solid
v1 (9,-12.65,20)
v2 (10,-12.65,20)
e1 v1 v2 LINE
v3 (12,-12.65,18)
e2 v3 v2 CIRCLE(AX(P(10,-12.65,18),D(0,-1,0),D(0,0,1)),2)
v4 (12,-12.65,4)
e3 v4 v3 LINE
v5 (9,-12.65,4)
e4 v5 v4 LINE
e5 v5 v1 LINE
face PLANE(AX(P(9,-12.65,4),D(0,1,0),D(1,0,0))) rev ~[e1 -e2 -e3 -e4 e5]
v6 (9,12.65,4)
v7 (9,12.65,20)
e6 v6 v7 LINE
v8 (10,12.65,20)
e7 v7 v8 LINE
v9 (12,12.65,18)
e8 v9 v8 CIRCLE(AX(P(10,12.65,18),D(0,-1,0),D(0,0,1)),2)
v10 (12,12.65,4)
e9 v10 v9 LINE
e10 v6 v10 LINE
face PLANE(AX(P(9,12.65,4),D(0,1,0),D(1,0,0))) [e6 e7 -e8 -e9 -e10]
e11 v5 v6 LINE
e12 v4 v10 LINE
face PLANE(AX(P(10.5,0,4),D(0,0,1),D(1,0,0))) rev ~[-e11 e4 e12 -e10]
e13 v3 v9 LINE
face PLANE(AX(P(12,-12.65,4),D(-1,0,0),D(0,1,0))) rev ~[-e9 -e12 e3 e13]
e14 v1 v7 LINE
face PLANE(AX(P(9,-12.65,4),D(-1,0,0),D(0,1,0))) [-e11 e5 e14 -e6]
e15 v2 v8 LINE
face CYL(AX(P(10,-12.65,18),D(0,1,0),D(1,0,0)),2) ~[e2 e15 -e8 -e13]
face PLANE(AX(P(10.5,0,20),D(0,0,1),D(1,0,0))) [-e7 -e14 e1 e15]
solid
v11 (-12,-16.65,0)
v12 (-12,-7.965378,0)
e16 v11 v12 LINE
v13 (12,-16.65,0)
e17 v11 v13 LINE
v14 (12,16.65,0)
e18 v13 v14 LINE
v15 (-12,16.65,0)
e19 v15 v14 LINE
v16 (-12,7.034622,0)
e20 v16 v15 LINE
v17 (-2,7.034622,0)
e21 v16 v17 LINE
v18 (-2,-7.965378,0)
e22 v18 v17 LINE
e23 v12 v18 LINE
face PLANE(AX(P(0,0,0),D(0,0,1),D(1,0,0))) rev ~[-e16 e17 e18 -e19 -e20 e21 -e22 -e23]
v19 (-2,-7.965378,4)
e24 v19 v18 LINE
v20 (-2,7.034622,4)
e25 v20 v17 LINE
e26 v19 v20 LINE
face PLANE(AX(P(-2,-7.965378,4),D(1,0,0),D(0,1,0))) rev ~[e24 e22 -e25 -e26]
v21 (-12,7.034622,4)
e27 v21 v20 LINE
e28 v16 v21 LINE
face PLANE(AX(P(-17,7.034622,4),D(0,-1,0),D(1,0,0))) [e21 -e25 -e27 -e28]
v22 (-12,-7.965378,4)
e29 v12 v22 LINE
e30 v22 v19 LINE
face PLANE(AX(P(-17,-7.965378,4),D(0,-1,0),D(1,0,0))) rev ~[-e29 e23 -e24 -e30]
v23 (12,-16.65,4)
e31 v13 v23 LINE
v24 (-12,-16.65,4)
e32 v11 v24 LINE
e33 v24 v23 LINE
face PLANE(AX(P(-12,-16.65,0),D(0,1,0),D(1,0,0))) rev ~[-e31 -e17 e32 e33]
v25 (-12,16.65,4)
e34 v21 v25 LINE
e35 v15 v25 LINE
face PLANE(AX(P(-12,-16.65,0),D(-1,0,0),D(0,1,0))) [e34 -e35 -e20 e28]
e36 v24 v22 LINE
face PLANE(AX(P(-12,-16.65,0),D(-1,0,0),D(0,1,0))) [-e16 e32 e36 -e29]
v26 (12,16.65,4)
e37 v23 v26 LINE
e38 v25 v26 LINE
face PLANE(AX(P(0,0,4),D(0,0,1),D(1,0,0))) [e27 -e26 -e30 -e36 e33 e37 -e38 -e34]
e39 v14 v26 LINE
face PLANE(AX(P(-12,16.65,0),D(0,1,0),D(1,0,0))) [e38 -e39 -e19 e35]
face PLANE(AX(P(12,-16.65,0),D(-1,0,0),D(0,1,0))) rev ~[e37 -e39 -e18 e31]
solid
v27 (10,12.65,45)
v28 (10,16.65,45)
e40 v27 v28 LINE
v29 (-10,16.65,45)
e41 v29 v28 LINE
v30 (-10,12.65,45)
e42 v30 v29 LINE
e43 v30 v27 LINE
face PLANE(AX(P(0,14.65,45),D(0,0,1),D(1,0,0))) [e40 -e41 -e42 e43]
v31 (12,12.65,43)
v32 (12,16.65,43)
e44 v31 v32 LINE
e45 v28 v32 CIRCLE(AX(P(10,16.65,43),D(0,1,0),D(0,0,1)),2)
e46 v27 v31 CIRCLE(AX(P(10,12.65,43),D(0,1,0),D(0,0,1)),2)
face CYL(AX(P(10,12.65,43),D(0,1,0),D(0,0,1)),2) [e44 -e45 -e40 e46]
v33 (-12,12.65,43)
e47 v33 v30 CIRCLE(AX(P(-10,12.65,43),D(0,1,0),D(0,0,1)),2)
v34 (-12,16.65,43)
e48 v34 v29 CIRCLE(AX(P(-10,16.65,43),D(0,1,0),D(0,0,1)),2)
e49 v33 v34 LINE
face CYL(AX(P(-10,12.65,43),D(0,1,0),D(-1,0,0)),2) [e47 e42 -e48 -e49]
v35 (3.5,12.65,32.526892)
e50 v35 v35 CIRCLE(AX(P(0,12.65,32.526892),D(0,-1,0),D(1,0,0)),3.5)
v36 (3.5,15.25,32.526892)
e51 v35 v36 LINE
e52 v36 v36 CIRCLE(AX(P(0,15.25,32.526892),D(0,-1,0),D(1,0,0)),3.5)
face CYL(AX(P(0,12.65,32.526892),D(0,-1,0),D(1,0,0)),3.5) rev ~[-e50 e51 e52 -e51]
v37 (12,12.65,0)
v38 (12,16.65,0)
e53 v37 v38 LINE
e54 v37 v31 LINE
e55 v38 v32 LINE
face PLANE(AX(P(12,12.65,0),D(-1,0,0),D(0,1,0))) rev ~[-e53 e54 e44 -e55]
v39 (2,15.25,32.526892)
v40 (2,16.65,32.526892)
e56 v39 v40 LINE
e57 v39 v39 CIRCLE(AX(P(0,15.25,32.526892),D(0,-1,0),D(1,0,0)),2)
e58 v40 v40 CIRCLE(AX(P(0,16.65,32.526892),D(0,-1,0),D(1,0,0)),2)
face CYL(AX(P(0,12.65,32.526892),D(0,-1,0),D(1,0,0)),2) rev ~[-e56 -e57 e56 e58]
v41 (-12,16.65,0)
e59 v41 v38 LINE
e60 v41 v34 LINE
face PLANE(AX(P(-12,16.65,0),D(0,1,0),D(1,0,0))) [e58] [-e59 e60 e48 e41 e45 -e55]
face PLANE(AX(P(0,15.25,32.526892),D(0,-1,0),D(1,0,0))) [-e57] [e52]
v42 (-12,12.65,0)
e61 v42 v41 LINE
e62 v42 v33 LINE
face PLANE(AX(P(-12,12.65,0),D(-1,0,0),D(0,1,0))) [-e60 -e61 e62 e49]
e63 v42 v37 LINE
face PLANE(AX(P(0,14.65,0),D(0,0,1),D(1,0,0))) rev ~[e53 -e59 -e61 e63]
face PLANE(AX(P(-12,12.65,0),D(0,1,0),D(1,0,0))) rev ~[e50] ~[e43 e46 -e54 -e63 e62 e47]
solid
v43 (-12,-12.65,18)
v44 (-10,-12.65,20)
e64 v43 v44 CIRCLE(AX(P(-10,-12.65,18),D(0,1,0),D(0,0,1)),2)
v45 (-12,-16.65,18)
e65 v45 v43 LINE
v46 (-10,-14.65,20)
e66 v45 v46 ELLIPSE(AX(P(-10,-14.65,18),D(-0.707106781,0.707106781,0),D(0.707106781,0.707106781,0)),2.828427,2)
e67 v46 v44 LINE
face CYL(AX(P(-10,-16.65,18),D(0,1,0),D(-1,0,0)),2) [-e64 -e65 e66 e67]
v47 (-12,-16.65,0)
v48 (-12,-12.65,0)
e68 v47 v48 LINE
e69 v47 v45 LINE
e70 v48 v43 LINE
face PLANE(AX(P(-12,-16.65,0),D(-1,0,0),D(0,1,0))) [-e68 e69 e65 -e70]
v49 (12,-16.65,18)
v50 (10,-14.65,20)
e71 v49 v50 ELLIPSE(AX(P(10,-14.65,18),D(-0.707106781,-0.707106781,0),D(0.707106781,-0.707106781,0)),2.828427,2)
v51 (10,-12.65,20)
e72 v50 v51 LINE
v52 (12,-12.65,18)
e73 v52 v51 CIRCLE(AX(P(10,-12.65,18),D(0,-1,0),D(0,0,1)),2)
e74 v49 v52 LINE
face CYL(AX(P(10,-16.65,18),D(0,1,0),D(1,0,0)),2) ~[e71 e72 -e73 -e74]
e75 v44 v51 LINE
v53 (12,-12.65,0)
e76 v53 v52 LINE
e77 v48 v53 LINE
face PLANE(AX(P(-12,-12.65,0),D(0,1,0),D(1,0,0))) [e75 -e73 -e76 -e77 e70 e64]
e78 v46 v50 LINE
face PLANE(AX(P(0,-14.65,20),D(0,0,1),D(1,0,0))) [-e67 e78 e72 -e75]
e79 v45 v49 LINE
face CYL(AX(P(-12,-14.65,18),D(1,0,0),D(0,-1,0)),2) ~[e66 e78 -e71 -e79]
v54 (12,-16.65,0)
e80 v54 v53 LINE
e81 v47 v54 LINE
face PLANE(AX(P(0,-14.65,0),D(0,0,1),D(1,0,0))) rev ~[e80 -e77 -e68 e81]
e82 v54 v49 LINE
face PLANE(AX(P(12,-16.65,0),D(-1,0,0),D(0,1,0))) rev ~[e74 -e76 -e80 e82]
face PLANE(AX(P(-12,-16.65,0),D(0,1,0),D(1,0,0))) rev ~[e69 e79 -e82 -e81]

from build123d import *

# Parameters (mm, degrees)
F0_W      = 24
F0_H      = 33.3
F1_DEPTH  = 4
F2_W      = 24
F2_H      = 4
F3_DEPTH  = 45
F4_W      = 24
F4_H      = 4
F5_DEPTH  = 20
F6_R      = 2
F7_DEPTH  = 6
F8_R      = 3.5
F9_DEPTH  = 2.6
F10_R     = 2
F12_W     = 3
F12_H     = 25.3
F13_DEPTH = 16
F14_R     = 2
F14_2_R   = 2
F11_W     = 15
F11_H     = 15
F15_DEPTH = 6


with BuildPart() as f1:
    # F0 (on Top) → F1 (new body)
    with BuildSketch(Plane.XY):
        Rectangle(F0_W, F0_H)
    extrude(amount=F1_DEPTH)

    # F11 (on face) → F15 (cut)
    with BuildSketch(Plane.XY.offset(4)):
        with Locations((-9.5, -0.465378)):
            Rectangle(F11_W, F11_H)
    extrude(amount=-F15_DEPTH, mode=Mode.SUBTRACT)


with BuildPart() as f3:
    # F2 (on face) → F3 (new body)
    with BuildSketch(Plane.XY):
        with Locations((0, 14.65)):
            Rectangle(F2_W, F2_H)
    extrude(amount=F3_DEPTH)

    # F6 (on face) → F7 (cut)
    with BuildSketch(Plane.XZ.offset(-12.65)):
        with Locations((0, 32.526892)):
            Circle(F6_R)
    extrude(amount=-F7_DEPTH, mode=Mode.SUBTRACT)

    # F8 (on face) → F9 (cut)
    with BuildSketch(Plane.XZ.offset(-12.65)):
        with Locations((0, 32.526892)):
            Circle(F8_R)
    extrude(amount=-F9_DEPTH, mode=Mode.SUBTRACT)

    # F10
    f10_edges = [f3.edges().sort_by_distance(p)[0] for p in [
        (-12, 14.65, 45),
        (12, 14.65, 45),
    ]]
    fillet(f10_edges, radius=F10_R)


with BuildPart() as f5:
    # F4 (on face) → F5 (new body)
    with BuildSketch(Plane.XY):
        with Locations((0, -14.65)):
            Rectangle(F4_W, F4_H)
    extrude(amount=F5_DEPTH)

    # F14
    f14_edges = [f5.edges().sort_by_distance(p)[0] for p in [
        (0, -16.65, 20),
        (-12, -14.65, 20),
        (12, -14.65, 20),
    ]]
    fillet(f14_edges, radius=F14_R)


with BuildPart() as f13:
    # F12 (on face) → F13 (new body)
    with BuildSketch(Plane.XY.offset(4)):
        with Locations((10.5, 0)):
            Rectangle(F12_W, F12_H)
    extrude(amount=F13_DEPTH)

    # F14#2
    f14_2_edges = [f13.edges().sort_by_distance(p)[0] for p in [
        (12, 0, 20),
    ]]
    fillet(f14_2_edges, radius=F14_2_R)


solid = Compound([f1.part, f3.part, f5.part, f13.part])
